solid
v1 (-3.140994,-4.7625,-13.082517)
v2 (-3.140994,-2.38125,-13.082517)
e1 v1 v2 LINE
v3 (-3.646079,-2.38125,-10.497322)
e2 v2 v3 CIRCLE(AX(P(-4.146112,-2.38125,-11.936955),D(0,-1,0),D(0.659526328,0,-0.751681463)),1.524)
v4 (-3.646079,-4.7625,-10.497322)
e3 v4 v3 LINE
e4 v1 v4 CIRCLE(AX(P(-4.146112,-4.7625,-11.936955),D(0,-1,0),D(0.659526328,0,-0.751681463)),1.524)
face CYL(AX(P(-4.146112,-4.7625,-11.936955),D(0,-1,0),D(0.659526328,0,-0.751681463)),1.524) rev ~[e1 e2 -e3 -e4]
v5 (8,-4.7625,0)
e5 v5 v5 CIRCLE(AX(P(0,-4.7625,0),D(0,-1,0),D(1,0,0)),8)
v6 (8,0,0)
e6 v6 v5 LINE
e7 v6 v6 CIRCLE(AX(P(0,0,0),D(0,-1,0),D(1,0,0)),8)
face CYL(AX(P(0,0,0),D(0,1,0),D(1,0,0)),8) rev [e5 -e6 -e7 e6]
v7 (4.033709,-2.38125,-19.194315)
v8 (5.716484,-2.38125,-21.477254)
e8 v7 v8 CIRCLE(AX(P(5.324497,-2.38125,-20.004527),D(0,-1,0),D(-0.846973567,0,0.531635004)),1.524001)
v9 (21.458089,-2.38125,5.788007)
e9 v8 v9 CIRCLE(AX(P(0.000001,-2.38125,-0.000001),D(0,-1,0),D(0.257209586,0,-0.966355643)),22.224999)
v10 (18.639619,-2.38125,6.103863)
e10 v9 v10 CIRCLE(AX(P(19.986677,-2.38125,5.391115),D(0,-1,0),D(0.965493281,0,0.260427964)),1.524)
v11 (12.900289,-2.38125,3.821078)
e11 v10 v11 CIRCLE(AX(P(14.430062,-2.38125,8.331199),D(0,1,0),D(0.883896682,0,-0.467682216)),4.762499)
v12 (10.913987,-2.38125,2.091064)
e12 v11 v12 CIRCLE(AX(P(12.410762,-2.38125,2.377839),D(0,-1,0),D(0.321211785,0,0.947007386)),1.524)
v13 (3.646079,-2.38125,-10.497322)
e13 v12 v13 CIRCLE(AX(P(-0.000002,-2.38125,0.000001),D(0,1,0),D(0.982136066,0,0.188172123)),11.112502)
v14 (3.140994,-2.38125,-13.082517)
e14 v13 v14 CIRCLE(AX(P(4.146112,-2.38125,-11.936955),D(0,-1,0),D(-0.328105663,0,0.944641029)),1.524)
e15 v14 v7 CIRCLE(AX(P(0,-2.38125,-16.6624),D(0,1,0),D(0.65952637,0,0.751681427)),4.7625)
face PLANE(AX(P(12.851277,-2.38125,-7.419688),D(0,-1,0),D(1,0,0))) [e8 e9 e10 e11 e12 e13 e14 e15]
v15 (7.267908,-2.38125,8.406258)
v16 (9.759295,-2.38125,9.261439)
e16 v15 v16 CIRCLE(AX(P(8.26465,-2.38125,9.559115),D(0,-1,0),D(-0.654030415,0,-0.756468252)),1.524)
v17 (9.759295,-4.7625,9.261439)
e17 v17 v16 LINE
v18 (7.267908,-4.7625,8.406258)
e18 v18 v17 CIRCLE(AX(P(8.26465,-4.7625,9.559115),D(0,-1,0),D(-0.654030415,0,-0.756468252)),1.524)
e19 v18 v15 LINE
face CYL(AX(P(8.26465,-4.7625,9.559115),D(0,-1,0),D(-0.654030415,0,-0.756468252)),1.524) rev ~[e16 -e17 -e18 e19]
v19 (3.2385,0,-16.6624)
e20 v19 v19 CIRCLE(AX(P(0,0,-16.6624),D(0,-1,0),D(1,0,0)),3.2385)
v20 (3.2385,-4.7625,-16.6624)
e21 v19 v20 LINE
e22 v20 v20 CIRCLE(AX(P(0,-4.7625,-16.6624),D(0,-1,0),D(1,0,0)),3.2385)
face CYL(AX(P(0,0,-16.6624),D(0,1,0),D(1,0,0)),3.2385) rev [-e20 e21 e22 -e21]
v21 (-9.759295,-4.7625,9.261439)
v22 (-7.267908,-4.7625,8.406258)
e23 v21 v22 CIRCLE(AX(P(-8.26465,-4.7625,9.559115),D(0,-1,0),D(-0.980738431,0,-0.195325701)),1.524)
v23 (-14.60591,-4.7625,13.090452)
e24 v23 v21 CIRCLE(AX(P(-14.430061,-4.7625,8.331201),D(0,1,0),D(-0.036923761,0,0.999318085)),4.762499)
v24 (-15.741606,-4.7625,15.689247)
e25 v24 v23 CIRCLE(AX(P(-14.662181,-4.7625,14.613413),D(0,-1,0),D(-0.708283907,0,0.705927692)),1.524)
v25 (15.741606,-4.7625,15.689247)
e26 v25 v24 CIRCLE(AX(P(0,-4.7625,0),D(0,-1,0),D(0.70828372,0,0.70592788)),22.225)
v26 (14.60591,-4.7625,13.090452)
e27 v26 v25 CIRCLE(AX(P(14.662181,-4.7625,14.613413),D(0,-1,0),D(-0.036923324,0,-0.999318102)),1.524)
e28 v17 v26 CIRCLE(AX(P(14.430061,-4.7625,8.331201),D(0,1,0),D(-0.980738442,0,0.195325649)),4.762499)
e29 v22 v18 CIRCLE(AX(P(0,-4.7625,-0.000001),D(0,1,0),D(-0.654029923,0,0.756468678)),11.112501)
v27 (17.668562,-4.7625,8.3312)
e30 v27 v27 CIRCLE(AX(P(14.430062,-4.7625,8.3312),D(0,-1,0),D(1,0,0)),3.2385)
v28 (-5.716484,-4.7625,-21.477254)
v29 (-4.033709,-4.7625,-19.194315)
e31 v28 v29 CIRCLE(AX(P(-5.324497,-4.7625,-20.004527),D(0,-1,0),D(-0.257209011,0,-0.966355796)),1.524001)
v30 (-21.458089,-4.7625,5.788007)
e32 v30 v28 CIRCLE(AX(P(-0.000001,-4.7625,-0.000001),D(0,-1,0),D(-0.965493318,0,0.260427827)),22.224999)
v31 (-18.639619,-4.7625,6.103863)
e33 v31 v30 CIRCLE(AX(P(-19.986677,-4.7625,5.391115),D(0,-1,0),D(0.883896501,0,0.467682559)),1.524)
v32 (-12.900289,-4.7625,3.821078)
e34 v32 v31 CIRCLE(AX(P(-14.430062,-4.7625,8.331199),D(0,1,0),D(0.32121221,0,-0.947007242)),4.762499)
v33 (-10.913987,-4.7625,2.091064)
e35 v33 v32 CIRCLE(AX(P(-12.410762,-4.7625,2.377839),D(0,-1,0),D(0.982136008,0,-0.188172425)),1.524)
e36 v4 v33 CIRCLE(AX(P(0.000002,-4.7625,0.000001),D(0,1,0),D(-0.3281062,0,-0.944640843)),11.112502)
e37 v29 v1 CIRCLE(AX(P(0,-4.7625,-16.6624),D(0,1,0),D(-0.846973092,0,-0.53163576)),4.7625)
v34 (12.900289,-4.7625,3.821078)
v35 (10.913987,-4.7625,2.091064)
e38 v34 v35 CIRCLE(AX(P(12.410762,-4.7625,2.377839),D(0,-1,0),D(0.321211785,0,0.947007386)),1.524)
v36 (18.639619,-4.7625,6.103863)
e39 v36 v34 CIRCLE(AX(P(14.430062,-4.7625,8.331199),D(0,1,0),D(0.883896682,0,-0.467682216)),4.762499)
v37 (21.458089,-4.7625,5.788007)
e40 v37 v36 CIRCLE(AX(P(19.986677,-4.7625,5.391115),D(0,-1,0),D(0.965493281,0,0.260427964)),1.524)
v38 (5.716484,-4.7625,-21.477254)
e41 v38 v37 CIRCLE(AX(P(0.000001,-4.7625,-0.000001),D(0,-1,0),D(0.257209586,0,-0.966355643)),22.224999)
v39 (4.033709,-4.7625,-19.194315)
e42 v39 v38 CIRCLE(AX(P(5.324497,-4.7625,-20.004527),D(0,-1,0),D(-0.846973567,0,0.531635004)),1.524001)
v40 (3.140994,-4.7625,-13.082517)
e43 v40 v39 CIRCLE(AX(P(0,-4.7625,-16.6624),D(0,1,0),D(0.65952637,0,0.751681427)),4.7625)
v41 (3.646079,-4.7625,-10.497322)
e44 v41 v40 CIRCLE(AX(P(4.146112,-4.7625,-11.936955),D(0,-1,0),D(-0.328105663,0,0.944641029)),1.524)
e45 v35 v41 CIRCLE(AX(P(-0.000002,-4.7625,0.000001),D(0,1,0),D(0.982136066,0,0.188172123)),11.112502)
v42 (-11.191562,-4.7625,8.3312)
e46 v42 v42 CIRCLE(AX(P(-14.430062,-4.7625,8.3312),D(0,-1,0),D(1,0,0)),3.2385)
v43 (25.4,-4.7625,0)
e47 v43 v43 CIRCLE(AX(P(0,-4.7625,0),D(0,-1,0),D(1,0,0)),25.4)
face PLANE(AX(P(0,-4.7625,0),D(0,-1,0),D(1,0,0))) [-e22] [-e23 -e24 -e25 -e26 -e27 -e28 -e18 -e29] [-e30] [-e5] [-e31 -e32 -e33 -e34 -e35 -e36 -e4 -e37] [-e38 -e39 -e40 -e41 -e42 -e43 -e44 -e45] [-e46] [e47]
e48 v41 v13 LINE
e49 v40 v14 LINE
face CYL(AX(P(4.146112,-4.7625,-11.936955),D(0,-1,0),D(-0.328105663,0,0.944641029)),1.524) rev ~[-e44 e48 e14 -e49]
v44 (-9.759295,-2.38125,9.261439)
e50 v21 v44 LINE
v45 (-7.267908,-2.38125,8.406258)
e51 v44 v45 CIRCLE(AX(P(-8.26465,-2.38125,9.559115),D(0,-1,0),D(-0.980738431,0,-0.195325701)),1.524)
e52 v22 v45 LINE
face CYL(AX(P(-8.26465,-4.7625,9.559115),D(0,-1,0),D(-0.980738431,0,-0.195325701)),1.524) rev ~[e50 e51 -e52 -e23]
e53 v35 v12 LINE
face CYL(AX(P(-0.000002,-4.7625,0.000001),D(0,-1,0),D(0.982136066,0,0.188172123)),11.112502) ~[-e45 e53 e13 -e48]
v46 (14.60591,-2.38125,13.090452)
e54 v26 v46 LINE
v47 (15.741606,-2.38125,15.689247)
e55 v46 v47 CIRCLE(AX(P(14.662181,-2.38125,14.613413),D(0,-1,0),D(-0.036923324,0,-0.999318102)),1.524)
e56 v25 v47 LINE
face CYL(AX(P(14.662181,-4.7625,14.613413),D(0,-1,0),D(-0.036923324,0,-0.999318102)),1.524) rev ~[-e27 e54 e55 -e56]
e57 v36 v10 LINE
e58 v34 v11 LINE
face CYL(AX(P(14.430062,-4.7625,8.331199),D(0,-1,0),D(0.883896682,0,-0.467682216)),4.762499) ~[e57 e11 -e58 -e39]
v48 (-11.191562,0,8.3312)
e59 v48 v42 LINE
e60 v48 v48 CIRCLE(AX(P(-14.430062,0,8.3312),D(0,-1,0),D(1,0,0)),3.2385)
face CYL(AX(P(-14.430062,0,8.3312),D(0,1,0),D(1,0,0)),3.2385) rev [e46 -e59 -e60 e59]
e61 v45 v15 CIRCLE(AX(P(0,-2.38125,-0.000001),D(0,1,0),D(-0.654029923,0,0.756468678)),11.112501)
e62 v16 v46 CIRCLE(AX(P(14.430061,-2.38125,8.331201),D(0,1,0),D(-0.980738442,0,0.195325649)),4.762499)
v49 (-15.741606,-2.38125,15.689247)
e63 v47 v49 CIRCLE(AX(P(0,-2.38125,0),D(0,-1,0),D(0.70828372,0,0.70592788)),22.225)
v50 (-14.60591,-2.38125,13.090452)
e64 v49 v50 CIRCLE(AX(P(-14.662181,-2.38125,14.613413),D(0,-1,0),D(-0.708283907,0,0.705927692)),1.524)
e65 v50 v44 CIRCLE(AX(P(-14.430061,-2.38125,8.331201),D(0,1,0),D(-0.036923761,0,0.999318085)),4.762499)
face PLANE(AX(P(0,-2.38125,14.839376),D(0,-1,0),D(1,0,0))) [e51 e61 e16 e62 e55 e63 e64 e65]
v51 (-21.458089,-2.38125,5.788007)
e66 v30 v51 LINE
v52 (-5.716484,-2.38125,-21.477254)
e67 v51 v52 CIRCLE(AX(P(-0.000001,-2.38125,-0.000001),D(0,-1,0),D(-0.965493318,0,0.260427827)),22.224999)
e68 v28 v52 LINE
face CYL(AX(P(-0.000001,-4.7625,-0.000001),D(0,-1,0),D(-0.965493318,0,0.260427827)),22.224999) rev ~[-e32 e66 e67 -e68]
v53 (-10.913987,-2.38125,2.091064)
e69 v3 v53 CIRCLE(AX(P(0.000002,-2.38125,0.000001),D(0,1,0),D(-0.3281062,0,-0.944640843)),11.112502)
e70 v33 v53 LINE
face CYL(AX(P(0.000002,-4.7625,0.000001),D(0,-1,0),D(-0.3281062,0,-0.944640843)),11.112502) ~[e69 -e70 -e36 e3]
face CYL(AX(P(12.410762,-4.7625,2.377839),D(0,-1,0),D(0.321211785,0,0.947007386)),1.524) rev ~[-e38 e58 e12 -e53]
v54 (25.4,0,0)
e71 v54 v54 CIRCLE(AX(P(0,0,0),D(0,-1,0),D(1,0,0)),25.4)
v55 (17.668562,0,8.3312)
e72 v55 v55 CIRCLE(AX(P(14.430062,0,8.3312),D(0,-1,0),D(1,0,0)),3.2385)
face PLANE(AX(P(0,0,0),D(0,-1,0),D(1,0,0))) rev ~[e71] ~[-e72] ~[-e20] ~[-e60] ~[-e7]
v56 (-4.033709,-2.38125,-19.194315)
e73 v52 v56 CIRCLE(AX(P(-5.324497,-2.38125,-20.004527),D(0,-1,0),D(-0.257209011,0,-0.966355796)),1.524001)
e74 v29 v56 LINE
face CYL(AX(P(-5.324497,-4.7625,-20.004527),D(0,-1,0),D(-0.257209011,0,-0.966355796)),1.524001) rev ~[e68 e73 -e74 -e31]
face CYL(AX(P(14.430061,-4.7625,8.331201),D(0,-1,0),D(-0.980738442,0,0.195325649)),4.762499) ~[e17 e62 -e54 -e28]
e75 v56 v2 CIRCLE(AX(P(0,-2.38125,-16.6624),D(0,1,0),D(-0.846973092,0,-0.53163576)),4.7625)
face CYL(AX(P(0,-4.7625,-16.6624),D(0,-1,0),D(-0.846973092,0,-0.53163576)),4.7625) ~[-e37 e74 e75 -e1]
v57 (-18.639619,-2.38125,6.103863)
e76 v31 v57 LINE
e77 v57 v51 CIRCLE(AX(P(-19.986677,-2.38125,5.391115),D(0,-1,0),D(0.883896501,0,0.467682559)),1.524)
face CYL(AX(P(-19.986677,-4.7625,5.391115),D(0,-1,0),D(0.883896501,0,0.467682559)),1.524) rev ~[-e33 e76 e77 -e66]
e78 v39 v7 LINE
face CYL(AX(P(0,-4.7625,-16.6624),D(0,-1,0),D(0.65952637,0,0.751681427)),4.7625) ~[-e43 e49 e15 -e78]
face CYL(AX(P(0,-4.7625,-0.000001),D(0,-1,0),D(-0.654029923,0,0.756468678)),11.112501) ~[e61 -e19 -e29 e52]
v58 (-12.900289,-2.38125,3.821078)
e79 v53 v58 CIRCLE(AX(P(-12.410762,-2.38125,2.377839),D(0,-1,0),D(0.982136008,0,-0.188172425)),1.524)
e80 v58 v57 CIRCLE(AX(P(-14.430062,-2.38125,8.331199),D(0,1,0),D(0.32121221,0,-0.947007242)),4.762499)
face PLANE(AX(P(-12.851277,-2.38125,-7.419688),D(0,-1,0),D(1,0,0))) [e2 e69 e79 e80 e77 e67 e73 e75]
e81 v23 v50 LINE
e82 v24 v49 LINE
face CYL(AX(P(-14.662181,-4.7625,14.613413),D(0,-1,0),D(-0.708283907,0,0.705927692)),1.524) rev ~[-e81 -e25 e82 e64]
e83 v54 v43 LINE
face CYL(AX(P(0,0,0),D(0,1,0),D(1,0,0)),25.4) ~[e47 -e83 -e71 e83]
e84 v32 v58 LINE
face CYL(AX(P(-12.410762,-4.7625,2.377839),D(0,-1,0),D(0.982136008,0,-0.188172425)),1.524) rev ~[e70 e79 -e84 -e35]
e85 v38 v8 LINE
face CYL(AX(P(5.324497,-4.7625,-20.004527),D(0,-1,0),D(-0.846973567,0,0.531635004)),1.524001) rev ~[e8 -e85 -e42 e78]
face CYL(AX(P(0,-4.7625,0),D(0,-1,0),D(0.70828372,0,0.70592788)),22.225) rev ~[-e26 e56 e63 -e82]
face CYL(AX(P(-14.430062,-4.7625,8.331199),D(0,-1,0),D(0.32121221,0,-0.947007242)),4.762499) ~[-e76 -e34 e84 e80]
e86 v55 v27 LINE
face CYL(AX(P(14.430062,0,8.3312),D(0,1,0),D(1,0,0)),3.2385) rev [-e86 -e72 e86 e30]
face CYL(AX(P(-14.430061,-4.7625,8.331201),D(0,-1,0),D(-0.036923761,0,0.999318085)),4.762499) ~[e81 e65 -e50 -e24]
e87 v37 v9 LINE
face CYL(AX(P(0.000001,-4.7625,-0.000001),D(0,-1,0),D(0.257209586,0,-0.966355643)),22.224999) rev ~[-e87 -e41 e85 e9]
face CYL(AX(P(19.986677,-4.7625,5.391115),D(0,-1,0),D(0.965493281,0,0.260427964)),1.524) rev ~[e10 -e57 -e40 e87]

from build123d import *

# Parameters (mm, degrees)
F0_R     = 25.4
F0_R_2   = 3.2385
F0_R_3   = 8
F1_DEPTH = 4.7625
F3_DEPTH = 2.38125


with BuildPart() as f1:
    # F0 (on Front) → F1 (new body)
    with BuildSketch(Plane.XZ):
        Circle(F0_R)
        with Locations((0, -16.6624)):
            Circle(F0_R_2, mode=Mode.SUBTRACT)
        Circle(F0_R_3, mode=Mode.SUBTRACT)
        with Locations((-14.430062, 8.3312)):
            Circle(F0_R_2, mode=Mode.SUBTRACT)
        with Locations((14.430062, 8.3312)):
            Circle(F0_R_2, mode=Mode.SUBTRACT)
    extrude(amount=F1_DEPTH)

    # F2 (on face) → F3 (cut)
    with BuildSketch(Plane.XZ.offset(4.7625)):
        with BuildLine():
            ThreePointArc((-3.646079, -10.497322), (-9.623707, -5.55625), (-10.913987, 2.091064))
            ThreePointArc((-10.913987, 2.091064), (-11.409826, 3.527057), (-12.900289, 3.821078))
            ThreePointArc((-12.900289, 3.821078), (-16.190201, 3.905896), (-18.639619, 6.103863))
            ThreePointArc((-18.639619, 6.103863), (-20.156405, 6.905634), (-21.458089, 5.788007))
            ThreePointArc((-21.458089, 5.788007), (-19.247415, -11.1125), (-5.716484, -21.477254))
            ThreePointArc((-5.716484, -21.477254), (-4.097748, -20.908775), (-4.033709, -19.194315))
            ThreePointArc((-4.033709, -19.194315), (-4.712495, -15.974073), (-3.140994, -13.082517))
            ThreePointArc((-3.140994, -13.082517), (-2.650392, -11.644727), (-3.646079, -10.497322))
        make_face()
        with BuildLine():
            ThreePointArc((-7.267908, 8.406258), (0, 11.1125), (7.267908, 8.406258))
            ThreePointArc((7.267908, 8.406258), (8.759433, 8.11767), (9.759295, 9.261439))
            ThreePointArc((9.759295, 9.261439), (11.477705, 12.068177), (14.60591, 13.090452))
            ThreePointArc((14.60591, 13.090452), (16.058657, 14.003141), (15.741606, 15.689247))
            ThreePointArc((15.741606, 15.689247), (0, 22.225), (-15.741606, 15.689247))
            ThreePointArc((-15.741606, 15.689247), (-16.058657, 14.003141), (-14.60591, 13.090452))
            ThreePointArc((-14.60591, 13.090452), (-11.477705, 12.068177), (-9.759295, 9.261439))
            ThreePointArc((-9.759295, 9.261439), (-8.759433, 8.11767), (-7.267908, 8.406258))
        make_face()
        with BuildLine():
            ThreePointArc((10.913987, 2.091064), (9.623707, -5.55625), (3.646079, -10.497322))
            ThreePointArc((3.646079, -10.497322), (2.650392, -11.644727), (3.140994, -13.082517))
            ThreePointArc((3.140994, -13.082517), (4.712495, -15.974073), (4.033709, -19.194315))
            ThreePointArc((4.033709, -19.194315), (4.097748, -20.908775), (5.716484, -21.477254))
            ThreePointArc((5.716484, -21.477254), (19.247415, -11.1125), (21.458089, 5.788007))
            ThreePointArc((21.458089, 5.788007), (20.156405, 6.905634), (18.639619, 6.103863))
            ThreePointArc((18.639619, 6.103863), (16.190201, 3.905896), (12.900289, 3.821078))
            ThreePointArc((12.900289, 3.821078), (11.409826, 3.527057), (10.913987, 2.091064))
        make_face()
    extrude(amount=-F3_DEPTH, mode=Mode.SUBTRACT)


solid = f1.part
